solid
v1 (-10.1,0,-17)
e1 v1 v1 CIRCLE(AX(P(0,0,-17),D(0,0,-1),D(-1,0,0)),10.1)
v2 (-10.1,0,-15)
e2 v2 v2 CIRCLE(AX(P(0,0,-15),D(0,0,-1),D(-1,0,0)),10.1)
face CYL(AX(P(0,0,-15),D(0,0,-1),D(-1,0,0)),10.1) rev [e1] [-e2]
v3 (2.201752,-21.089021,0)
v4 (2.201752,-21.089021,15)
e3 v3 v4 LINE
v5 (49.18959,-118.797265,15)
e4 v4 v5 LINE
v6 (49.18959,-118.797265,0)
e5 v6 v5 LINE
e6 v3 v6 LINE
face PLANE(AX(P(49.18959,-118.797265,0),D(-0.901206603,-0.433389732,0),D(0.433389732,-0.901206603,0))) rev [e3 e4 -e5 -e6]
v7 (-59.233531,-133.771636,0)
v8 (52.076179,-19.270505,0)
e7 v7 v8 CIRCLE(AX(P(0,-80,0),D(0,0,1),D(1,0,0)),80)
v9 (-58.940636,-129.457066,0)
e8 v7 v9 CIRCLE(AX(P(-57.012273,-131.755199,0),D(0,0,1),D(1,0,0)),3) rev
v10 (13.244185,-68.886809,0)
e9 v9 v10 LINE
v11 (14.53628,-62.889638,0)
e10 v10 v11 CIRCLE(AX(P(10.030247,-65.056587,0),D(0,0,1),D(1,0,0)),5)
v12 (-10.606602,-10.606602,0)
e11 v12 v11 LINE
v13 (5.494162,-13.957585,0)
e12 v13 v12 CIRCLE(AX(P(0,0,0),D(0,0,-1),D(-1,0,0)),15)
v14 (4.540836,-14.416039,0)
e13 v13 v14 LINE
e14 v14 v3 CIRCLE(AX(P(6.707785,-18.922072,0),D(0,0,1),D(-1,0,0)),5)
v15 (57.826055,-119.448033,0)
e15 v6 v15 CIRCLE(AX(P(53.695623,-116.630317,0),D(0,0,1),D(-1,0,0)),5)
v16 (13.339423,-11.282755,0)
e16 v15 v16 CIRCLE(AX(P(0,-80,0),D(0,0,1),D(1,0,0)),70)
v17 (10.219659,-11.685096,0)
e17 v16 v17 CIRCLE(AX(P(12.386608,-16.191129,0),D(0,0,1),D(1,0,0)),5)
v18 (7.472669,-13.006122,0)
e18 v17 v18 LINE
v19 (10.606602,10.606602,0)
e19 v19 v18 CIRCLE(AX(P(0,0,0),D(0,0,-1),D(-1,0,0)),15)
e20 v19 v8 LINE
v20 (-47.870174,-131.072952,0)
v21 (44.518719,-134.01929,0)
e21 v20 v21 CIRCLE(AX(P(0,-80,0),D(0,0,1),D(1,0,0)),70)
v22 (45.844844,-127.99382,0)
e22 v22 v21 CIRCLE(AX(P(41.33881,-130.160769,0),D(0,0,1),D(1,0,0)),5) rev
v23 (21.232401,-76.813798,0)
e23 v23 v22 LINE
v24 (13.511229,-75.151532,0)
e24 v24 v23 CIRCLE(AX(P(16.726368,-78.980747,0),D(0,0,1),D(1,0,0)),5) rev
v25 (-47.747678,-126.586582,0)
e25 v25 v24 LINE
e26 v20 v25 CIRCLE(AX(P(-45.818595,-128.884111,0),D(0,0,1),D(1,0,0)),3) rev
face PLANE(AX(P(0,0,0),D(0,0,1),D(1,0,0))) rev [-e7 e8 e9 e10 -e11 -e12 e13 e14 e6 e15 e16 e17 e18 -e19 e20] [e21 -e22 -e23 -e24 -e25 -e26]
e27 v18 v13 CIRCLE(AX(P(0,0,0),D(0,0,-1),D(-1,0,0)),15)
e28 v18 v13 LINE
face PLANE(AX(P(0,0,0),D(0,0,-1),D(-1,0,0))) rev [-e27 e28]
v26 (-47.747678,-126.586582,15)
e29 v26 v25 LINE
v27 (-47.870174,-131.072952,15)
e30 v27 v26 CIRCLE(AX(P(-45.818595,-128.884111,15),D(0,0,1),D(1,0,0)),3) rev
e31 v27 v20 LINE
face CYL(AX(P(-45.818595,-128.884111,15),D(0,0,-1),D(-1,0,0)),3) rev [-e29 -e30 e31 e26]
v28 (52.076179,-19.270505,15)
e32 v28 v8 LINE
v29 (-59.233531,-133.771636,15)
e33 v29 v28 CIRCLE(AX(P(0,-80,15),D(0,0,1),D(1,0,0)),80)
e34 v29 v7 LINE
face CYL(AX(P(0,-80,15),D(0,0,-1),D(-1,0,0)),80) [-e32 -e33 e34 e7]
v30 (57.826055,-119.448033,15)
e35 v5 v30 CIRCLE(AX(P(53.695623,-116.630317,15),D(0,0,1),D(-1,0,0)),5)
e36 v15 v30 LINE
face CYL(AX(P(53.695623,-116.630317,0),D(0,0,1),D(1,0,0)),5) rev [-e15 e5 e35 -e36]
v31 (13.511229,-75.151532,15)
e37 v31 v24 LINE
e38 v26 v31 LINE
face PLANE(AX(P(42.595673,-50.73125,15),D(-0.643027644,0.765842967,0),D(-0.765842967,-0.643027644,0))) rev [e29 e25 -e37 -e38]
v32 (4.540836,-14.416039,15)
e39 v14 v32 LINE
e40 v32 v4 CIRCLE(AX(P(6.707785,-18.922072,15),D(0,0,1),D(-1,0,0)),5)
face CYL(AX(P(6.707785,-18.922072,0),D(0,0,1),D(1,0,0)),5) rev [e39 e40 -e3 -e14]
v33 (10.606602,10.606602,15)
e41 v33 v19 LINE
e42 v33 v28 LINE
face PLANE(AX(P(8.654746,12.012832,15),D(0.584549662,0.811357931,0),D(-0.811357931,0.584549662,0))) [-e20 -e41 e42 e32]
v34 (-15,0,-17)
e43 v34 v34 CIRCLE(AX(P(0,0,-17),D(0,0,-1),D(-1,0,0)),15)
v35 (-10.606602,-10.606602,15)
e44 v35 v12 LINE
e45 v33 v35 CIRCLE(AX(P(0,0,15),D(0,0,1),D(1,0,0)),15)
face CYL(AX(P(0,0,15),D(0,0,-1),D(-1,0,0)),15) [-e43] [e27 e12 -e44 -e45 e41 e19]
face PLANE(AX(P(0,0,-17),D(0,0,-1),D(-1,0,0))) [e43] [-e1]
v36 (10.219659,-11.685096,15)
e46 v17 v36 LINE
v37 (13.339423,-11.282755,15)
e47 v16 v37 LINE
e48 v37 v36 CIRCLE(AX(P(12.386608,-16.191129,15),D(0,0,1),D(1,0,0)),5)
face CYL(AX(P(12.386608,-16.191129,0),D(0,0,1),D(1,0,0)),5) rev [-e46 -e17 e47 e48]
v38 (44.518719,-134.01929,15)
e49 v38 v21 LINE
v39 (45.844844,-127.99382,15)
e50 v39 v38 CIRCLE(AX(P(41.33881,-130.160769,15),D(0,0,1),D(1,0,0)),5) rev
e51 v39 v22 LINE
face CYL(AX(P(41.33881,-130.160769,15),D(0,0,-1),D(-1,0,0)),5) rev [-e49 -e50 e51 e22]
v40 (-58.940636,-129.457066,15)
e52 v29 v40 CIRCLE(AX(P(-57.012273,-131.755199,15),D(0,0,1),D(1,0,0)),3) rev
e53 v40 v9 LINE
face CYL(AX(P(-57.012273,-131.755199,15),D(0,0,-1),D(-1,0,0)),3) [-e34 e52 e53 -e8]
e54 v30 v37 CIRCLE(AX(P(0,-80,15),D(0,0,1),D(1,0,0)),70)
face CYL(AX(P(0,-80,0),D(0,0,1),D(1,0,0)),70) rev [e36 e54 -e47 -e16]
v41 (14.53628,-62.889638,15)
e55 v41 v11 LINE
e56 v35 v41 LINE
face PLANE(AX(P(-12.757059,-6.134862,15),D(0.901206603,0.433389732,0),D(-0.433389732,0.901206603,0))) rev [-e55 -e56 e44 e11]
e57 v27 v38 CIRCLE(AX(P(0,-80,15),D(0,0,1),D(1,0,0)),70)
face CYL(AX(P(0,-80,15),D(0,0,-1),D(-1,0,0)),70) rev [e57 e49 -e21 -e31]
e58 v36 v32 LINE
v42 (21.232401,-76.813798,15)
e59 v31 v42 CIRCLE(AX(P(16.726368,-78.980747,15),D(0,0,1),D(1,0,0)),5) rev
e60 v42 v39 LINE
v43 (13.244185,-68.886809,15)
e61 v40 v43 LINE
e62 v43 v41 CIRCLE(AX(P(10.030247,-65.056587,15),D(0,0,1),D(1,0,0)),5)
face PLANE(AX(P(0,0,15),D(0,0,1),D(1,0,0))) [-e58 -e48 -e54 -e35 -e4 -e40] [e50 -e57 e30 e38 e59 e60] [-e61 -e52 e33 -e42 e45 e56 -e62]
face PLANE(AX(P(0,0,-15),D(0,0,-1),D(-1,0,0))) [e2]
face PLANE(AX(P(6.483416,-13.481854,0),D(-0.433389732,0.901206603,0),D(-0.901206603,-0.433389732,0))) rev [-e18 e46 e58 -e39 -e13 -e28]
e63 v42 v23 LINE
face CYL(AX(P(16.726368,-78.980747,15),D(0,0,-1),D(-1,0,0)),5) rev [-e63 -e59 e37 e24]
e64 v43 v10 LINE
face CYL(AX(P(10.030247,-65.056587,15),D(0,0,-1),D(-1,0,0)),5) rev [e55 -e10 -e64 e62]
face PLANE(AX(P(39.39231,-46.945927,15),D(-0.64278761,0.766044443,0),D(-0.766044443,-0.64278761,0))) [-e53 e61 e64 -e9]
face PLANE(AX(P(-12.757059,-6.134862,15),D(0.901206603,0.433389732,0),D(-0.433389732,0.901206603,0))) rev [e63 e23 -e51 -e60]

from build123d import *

# Parameters (mm, degrees)
EXTRUDE_1_DEPTH     = 15
CUT_EXTRUDE_START   = -15
CUT_EXTRUDE_1_DEPTH = 15
EXTRUDE_START       = 17
SKETCH_11_R         = 15
EXTRUDE_3_DEPTH     = 17
SKETCH_12_R         = 10.1
CUT_EXTRUDE_5_DEPTH = 2


with BuildPart() as part:
    # ｽｹｯﾁ4 → ﾎﾞｽ - 押し出し1 (new body)
    with BuildSketch(Plane.XY):
        with BuildLine():
            Line((-53.623111018, -124.995132678), (-58.940636287, -129.45706617))
            ThreePointArc((-58.940636287, -129.45706617), (-60.005384698, -131.552012131), (-59.233530865, -133.771635843))
            ThreePointArc((-59.233530865, -133.771635843), (57.362306223, -135.763481103), (52.076178918, -19.270504783))
            Line((52.076178918, -19.270504783), (10.606601718, 10.606601718))
            ThreePointArc((10.606601718, 10.606601718), (-10.606601718, 10.606601718), (-10.606601718, -10.606601718))
            Line((-10.606601718, -10.606601718), (14.536280154, -62.889638219))
            ThreePointArc((14.536280154, -62.889638219), (14.918089499, -66.109676181), (13.244185189, -68.886809092))
            Line((13.244185189, -68.886809092), (-53.623111018, -124.995132678))
        make_face()
        with BuildLine():
            Line((21.232400696, -76.813798404), (45.844843506, -127.993820346))
            ThreePointArc((45.844843506, -127.993820346), (46.221944165, -131.235480845), (44.518718993, -134.019289696))
            ThreePointArc((44.518718993, -134.019289696), (-2.231208213, -149.964431749), (-47.870174388, -131.072951785))
            ThreePointArc((-47.870174388, -131.072951785), (-48.817477846, -128.802229421), (-47.747678417, -126.586582094))
            Line((-47.747678417, -126.586582094), (13.511229465, -75.151532228))
            ThreePointArc((13.511229465, -75.151532228), (17.77869109, -74.092739753), (21.232400696, -76.813798404))
        make_face(mode=Mode.SUBTRACT)
    extrude(amount=EXTRUDE_1_DEPTH)

    # ｽｹｯﾁ6 → ｶｯﾄ - 押し出し1 (cut)
    with BuildSketch(Plane.XY.offset(15).offset(CUT_EXTRUDE_START)):
        with BuildLine():
            Line((49.189589797, -118.797265215), (2.201751786, -21.089020696))
            ThreePointArc((2.201751786, -21.089020696), (1.989274209, -17.268089629), (4.540836142, -14.416039025))
            Line((4.540836142, -14.416039025), (6.483415605, -13.48185369))
            Line((6.483415605, -13.48185369), (10.219658847, -11.685096486))
            ThreePointArc((10.219658847, -11.685096486), (11.747077013, -11.232198087), (13.339423466, -11.282754846))
            ThreePointArc((13.339423466, -11.282754846), (64.738421392, -53.37413296), (57.826055334, -119.448033215))
            ThreePointArc((57.826055334, -119.448033215), (53.319931874, -121.616182211), (49.189589797, -118.797265215))
        make_face()
    extrude(amount=CUT_EXTRUDE_1_DEPTH, mode=Mode.SUBTRACT)

    # ｽｹｯﾁ11 → ﾎﾞｽ - 押し出し3 (add)
    with BuildSketch(Plane(origin=(0, 0, 0), x_dir=(-1, 0, 0), z_dir=(0, 0, -1)).offset(EXTRUDE_START)):
        Circle(SKETCH_11_R)
    extrude(amount=-EXTRUDE_3_DEPTH)

    # ｽｹｯﾁ12 → ｶｯﾄ - 押し出し5 (cut)
    with BuildSketch(Plane(origin=(0, 0, -17), x_dir=(-1, 0, 0), z_dir=(0, 0, -1))):
        Circle(SKETCH_12_R)
    extrude(amount=-CUT_EXTRUDE_5_DEPTH, mode=Mode.SUBTRACT)


solid = part.part
